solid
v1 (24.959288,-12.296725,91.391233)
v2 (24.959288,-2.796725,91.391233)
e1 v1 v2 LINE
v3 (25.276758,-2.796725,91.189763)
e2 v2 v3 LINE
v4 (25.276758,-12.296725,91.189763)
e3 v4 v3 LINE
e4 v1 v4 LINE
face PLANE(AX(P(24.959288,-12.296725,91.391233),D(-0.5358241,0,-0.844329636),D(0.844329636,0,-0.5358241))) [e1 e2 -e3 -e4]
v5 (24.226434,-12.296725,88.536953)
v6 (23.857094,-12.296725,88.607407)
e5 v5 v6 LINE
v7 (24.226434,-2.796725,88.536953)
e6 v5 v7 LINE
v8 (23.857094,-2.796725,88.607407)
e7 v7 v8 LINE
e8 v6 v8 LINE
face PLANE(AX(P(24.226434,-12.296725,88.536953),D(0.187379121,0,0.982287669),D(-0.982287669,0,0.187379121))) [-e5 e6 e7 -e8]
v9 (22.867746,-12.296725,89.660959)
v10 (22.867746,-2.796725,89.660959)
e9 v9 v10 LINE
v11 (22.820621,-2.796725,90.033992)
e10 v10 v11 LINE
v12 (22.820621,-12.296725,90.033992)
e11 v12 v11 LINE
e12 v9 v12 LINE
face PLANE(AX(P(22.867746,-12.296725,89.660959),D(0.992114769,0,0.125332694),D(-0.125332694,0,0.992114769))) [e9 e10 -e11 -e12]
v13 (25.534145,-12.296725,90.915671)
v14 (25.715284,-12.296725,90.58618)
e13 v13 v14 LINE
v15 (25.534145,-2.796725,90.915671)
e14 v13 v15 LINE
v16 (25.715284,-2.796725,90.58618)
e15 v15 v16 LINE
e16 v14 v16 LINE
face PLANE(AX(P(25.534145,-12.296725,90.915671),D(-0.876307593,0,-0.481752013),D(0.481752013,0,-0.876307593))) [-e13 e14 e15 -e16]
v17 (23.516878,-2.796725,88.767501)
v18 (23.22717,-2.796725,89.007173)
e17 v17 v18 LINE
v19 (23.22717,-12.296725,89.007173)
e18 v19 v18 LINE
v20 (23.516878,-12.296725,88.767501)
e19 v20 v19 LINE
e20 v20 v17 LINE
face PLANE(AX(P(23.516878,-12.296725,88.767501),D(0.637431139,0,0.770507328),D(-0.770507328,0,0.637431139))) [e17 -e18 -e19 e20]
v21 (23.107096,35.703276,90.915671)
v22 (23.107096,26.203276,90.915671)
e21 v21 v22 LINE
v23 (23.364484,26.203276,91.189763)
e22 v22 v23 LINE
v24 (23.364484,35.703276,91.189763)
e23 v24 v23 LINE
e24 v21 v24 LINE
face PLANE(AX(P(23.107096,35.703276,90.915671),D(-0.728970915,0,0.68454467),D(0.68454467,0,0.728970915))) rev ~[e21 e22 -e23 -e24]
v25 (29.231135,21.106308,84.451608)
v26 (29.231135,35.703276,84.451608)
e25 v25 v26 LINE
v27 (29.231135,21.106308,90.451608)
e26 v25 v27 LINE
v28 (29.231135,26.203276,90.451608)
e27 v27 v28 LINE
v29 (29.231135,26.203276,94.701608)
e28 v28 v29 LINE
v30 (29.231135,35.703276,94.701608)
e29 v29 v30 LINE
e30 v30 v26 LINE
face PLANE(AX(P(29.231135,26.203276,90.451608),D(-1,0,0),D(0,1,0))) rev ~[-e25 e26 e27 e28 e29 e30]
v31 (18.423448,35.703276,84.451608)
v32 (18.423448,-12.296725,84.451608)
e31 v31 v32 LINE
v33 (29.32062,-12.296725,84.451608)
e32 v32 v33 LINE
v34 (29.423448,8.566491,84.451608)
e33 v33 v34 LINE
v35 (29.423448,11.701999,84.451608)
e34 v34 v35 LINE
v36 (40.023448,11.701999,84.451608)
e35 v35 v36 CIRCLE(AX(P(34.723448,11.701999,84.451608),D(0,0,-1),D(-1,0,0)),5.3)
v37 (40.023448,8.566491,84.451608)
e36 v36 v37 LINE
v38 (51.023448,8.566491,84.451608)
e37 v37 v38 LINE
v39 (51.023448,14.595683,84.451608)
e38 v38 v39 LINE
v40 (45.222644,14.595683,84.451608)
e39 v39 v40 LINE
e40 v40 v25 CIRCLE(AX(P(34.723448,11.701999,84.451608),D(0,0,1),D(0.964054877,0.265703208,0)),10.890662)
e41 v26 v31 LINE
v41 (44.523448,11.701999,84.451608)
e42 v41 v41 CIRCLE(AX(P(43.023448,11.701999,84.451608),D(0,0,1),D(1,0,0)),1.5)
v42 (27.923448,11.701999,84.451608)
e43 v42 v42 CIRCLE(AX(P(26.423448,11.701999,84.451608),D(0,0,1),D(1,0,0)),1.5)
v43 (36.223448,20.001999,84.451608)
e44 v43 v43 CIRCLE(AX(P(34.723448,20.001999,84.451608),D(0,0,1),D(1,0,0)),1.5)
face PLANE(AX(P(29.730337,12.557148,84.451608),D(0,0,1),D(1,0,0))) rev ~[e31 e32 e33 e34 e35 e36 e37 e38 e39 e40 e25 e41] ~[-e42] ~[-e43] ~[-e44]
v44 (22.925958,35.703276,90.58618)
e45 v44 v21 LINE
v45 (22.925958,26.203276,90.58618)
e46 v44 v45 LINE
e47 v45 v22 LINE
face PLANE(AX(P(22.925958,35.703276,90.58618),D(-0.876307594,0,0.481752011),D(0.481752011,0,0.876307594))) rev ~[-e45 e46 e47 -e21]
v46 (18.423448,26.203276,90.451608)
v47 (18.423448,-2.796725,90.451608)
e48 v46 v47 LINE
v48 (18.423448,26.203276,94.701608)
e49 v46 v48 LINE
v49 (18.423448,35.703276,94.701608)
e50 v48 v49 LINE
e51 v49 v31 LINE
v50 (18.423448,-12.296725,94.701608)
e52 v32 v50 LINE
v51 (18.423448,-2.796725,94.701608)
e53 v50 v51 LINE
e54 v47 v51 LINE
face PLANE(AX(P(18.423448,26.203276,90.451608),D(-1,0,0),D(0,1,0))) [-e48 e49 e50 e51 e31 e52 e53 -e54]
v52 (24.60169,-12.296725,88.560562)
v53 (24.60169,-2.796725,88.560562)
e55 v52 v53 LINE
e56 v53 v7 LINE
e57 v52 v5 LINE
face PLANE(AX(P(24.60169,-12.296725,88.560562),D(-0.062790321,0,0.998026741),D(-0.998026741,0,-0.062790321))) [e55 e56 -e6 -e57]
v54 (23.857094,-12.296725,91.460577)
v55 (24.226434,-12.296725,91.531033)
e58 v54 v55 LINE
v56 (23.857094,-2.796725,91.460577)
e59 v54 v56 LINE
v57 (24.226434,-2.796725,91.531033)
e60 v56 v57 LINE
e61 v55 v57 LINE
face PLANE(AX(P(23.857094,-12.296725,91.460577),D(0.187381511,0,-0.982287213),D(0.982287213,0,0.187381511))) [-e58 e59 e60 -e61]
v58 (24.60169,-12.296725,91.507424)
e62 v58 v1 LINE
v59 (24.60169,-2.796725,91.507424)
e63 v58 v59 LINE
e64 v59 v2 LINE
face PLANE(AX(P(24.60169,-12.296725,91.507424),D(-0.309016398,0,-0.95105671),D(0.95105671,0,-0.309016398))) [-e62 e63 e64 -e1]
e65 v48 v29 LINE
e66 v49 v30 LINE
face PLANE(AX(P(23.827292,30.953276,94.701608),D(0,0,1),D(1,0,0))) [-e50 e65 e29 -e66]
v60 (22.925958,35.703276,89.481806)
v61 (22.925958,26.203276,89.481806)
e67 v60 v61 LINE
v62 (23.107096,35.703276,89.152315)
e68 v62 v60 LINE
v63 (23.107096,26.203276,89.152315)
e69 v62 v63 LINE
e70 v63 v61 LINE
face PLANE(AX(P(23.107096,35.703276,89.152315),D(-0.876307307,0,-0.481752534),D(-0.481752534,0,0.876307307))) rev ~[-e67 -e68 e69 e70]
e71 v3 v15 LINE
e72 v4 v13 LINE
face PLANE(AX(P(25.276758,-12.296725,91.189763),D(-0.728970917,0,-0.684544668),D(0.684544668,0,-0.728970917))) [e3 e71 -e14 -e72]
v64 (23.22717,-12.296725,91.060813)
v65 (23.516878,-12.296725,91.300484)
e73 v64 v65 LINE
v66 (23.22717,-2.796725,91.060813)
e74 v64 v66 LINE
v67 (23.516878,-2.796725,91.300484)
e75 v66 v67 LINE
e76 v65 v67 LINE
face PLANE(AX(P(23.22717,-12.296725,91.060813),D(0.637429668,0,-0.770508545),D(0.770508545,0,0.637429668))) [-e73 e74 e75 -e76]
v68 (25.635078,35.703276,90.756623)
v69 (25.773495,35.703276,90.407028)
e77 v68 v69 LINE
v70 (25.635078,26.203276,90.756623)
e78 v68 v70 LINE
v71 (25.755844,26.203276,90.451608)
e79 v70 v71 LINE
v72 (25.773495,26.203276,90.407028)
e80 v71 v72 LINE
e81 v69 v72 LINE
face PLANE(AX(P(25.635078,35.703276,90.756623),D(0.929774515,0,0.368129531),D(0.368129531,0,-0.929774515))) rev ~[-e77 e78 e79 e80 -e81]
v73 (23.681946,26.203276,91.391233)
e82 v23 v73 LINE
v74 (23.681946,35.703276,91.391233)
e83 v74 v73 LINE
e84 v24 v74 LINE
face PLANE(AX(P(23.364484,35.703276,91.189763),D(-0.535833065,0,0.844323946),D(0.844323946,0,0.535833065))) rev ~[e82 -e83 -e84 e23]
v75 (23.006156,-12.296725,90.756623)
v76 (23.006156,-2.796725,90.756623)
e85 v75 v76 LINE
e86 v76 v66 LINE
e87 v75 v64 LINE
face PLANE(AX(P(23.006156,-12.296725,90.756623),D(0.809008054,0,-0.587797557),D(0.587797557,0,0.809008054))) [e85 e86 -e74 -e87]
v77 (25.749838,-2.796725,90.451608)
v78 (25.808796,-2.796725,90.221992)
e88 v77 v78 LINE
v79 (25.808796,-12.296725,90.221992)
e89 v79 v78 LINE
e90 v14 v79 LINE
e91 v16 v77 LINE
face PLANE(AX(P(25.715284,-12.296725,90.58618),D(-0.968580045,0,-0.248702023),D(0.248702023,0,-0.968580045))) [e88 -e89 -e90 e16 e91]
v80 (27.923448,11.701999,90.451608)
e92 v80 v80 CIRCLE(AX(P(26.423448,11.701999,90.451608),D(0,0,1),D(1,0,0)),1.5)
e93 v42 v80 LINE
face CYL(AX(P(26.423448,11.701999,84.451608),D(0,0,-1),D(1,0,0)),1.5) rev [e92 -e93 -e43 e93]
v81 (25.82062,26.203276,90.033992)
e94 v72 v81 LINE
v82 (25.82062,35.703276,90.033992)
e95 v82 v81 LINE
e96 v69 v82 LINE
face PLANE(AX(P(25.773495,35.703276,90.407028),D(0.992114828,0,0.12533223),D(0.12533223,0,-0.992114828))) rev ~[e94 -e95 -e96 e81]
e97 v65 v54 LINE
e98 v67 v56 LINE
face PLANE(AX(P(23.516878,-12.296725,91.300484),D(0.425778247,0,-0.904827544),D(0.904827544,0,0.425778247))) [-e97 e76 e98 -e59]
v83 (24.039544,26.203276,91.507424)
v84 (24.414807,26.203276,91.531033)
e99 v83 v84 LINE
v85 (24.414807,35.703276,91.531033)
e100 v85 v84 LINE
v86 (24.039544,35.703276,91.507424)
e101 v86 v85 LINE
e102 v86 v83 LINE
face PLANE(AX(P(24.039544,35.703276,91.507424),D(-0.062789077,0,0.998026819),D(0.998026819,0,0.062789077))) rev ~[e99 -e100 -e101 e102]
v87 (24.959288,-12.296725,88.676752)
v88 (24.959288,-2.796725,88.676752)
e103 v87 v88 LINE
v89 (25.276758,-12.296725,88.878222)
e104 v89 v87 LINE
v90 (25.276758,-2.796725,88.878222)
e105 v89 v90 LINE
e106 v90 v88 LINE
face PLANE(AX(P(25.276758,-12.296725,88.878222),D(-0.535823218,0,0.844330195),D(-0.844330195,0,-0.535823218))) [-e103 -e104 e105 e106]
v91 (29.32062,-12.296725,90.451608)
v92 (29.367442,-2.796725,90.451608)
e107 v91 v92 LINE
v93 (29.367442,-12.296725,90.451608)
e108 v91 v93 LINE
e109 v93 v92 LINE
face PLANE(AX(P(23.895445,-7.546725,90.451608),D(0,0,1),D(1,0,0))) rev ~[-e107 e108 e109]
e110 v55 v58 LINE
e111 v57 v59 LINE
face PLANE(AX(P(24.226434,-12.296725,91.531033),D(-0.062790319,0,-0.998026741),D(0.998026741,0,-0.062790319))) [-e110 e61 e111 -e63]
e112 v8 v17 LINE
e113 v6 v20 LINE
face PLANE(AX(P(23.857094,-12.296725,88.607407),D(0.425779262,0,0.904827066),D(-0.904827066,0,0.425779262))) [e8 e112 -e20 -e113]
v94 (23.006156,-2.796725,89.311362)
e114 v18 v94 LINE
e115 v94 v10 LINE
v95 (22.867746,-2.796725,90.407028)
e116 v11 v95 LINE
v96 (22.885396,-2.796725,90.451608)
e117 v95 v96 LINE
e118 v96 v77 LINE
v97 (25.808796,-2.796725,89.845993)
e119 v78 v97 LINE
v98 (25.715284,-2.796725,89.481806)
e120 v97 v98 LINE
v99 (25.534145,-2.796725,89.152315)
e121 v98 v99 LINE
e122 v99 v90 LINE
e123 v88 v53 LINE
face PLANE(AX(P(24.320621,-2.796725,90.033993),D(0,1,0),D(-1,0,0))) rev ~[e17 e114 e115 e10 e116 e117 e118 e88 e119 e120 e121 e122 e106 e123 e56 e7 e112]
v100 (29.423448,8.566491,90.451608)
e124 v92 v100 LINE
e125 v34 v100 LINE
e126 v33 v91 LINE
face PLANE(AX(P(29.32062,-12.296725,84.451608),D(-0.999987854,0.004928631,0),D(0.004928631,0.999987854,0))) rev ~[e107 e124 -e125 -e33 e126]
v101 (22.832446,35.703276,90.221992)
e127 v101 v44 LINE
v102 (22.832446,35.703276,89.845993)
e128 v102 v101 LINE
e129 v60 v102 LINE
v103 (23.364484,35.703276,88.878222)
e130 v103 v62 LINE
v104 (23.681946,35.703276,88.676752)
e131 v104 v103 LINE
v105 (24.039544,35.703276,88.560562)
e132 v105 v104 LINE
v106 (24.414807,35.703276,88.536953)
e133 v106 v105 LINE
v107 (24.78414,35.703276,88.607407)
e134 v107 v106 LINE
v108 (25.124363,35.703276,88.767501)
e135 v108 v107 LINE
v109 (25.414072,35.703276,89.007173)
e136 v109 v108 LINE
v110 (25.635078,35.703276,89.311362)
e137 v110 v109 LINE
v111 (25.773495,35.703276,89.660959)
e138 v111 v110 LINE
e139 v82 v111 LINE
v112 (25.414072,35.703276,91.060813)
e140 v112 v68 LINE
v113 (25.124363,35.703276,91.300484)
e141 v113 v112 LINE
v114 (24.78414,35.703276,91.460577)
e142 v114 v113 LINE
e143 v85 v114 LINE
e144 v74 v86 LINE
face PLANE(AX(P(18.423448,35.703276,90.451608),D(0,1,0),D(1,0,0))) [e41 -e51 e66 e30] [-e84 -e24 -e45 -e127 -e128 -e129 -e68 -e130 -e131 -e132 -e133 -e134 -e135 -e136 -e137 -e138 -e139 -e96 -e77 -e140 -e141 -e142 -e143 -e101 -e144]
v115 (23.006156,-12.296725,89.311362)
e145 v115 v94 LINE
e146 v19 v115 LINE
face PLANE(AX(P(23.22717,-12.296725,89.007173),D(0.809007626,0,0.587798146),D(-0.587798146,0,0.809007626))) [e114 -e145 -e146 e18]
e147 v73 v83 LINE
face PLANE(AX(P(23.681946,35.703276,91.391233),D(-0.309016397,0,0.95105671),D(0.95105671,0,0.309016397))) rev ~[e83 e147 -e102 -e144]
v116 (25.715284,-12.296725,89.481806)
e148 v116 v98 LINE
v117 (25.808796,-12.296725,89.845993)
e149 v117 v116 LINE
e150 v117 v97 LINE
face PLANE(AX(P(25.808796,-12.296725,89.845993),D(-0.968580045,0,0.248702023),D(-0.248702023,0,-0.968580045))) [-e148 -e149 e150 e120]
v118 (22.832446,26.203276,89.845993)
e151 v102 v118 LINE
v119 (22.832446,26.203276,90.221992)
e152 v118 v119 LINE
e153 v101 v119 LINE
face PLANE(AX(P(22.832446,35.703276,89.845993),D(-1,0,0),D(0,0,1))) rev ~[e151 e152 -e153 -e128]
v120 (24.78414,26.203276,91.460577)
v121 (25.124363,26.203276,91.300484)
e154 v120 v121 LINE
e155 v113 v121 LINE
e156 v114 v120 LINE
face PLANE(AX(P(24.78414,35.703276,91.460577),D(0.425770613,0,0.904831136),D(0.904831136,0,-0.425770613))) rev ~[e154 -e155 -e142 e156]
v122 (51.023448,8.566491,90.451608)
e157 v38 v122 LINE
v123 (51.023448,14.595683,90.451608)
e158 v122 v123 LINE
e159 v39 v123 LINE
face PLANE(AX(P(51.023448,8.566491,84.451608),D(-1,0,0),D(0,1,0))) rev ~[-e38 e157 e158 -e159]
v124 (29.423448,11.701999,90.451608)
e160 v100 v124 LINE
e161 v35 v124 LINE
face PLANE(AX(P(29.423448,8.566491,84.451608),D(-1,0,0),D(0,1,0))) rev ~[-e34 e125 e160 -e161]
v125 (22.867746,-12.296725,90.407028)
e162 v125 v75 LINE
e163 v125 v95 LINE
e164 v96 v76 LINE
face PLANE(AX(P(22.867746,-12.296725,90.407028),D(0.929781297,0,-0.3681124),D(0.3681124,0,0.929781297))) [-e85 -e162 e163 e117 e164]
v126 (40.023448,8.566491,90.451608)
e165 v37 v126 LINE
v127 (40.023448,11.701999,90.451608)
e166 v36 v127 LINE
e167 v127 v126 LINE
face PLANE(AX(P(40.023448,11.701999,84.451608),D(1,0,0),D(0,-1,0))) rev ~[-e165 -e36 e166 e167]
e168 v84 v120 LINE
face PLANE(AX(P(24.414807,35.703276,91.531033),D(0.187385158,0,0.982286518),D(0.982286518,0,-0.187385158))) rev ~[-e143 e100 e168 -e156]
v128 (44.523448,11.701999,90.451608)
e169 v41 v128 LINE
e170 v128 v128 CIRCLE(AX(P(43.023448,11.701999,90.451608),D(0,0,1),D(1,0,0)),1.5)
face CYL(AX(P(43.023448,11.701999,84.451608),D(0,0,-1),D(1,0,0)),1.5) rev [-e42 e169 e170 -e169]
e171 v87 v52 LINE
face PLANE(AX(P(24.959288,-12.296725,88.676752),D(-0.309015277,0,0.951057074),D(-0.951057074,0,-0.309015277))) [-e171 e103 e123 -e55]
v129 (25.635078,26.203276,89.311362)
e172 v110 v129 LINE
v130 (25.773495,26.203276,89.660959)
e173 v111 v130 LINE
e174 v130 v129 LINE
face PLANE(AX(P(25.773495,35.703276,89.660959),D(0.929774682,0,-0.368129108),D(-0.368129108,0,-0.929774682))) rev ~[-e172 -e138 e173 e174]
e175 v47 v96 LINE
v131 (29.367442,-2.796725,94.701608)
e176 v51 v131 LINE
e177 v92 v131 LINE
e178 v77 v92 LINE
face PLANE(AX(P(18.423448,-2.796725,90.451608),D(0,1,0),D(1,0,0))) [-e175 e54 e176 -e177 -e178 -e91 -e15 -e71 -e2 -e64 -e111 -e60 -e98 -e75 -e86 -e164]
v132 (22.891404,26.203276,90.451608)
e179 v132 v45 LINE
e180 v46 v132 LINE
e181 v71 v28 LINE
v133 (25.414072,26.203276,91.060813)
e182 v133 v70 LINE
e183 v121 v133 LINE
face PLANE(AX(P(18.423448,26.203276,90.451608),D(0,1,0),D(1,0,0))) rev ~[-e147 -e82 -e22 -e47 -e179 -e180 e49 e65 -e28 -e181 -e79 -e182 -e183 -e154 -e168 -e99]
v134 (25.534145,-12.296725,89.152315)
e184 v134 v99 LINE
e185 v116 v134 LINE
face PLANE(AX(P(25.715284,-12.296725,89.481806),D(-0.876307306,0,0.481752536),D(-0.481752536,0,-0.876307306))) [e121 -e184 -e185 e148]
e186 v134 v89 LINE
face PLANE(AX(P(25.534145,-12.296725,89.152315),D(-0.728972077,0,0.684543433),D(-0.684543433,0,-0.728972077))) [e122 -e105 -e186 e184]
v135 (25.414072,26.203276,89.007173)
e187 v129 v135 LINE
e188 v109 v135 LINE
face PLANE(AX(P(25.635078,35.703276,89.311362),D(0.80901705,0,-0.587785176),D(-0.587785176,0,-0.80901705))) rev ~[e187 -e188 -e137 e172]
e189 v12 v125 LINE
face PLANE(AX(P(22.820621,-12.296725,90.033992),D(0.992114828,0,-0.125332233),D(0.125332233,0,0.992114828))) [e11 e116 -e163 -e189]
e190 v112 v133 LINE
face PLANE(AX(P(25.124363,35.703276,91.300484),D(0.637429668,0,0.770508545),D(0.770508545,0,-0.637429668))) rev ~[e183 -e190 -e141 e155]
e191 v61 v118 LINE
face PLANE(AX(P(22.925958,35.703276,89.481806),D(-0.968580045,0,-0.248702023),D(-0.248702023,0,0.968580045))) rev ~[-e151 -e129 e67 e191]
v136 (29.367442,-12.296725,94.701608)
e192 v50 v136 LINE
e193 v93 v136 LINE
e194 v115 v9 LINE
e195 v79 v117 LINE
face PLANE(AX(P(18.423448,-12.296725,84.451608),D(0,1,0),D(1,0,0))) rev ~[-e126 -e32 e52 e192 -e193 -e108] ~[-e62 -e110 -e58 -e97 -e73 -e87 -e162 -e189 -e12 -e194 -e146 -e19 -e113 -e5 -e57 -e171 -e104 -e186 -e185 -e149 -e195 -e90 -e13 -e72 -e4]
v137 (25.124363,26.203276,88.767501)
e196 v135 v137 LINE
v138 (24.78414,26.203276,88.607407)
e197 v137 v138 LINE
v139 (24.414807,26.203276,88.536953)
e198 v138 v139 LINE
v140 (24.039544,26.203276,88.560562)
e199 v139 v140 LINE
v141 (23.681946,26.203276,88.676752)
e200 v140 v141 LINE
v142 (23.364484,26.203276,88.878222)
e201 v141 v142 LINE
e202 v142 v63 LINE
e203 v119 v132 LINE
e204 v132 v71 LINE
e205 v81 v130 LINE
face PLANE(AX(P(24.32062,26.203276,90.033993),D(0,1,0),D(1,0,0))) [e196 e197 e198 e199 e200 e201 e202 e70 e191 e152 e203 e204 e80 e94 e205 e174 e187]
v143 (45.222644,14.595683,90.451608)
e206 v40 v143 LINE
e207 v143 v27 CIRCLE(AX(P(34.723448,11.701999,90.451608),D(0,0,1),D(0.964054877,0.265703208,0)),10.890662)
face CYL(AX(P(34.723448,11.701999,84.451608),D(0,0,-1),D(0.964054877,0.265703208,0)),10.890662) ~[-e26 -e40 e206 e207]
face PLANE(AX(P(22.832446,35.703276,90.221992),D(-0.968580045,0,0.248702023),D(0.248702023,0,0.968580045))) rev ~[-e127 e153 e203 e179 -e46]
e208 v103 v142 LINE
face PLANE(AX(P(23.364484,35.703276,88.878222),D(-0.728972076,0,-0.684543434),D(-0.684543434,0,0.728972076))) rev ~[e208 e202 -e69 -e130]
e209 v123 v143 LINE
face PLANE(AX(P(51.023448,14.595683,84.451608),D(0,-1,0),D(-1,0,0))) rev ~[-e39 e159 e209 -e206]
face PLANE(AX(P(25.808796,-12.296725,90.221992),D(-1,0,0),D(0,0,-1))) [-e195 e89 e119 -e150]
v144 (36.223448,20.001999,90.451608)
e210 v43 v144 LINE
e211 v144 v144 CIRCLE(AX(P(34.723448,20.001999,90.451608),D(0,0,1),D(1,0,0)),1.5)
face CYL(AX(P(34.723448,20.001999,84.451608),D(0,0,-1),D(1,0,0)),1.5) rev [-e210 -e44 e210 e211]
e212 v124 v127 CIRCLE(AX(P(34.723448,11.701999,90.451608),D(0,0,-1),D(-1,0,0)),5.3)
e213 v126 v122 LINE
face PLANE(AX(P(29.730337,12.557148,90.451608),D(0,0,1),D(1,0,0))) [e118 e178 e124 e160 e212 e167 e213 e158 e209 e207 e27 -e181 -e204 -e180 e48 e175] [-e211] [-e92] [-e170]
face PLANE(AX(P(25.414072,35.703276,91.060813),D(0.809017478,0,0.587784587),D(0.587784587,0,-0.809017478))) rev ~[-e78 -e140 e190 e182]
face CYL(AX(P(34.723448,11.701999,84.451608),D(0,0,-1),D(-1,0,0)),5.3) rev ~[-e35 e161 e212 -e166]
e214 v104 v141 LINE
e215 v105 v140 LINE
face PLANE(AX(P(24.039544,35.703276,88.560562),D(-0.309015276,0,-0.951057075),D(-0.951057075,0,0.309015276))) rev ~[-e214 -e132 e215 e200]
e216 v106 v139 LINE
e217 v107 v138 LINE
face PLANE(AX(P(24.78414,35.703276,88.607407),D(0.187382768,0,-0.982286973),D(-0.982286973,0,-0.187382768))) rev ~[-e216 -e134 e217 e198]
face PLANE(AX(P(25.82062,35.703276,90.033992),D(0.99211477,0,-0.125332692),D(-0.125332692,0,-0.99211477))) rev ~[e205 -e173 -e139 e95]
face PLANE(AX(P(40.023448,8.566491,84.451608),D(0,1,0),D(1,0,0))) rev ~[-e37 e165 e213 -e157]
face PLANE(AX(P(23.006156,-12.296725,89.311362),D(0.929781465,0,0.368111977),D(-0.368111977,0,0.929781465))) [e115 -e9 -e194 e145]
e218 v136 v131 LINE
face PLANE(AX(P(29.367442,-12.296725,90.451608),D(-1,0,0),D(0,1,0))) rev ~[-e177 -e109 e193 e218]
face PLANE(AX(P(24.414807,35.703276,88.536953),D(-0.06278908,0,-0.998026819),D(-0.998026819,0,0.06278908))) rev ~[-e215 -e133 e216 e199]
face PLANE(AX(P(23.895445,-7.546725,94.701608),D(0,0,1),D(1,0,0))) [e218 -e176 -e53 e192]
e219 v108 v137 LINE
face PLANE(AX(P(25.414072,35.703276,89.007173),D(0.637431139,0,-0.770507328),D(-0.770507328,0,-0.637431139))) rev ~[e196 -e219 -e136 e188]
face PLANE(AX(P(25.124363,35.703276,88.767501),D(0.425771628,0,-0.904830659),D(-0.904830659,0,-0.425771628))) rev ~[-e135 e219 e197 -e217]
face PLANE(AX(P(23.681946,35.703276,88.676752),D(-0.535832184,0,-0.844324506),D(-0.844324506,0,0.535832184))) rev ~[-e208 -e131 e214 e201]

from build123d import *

# Parameters (mm, degrees)
SKETCH1_R           = 1.5
BOSS_EXTRUDE1_DEPTH = 6
SKETCH2_W           = 10.807687298
SKETCH2_H           = 9.5
SKETCH2_W_2         = 10.943994224
BOSS_EXTRUDE2_DEPTH = 4.25
CUT_EXTRUDE1_DEPTH  = 9.5
CUT_EXTRUDE2_DEPTH  = 9.5


with BuildPart() as part:
    # Sketch1 → Boss-Extrude1 (new body)
    with BuildSketch(Plane.XY.offset(84.451608182)):
        with BuildLine():
            Line((40.02344809, 11.701998712), (40.02344809, 8.566491131))
            Line((40.02344809, 8.566491131), (47.02344809, 8.566491131))
            Line((47.02344809, 8.566491131), (51.02344809, 8.566491131))
            Line((51.02344809, 8.566491131), (51.02344809, 14.59568261))
            Line((51.02344809, 14.59568261), (45.222644144, 14.59568261))
            ThreePointArc((45.222644144, 14.59568261), (38.830062222, 21.788734788), (29.231135388, 21.10630759))
            Line((29.231135388, 21.10630759), (29.231135388, 35.703275576))
            Line((29.231135388, 35.703275576), (18.42344809, 35.703275576))
            Line((18.42344809, 35.703275576), (18.42344809, 14.59568261))
            Line((18.42344809, 14.59568261), (18.42344809, 8.566491131))
            Line((18.42344809, 8.566491131), (18.42344809, -12.296724841))
            Line((18.42344809, -12.296724841), (29.320619754, -12.296724841))
            Line((29.320619754, -12.296724841), (29.42344809, 8.566491131))
            Line((29.42344809, 8.566491131), (29.42344809, 11.701998712))
            ThreePointArc((29.42344809, 11.701998712), (34.72344809, 17.001998712), (40.02344809, 11.701998712))
        make_face()
        with Locations((43.02344809, 11.701998712)):
            Circle(SKETCH1_R, mode=Mode.SUBTRACT)
        with Locations((26.42344809, 11.701998712)):
            Circle(SKETCH1_R, mode=Mode.SUBTRACT)
        with Locations((34.72344809, 20.001998712)):
            Circle(SKETCH1_R, mode=Mode.SUBTRACT)
    extrude(amount=BOSS_EXTRUDE1_DEPTH)

    # Sketch2 → Boss-Extrude2 (add)
    with BuildSketch(Plane.XY.offset(90.451608182)):
        with Locations((23.827291739, 30.953275576)):
            Rectangle(SKETCH2_W, SKETCH2_H)
        with Locations((23.895445202, -7.546724841)):
            Rectangle(SKETCH2_W_2, SKETCH2_H)
    extrude(amount=BOSS_EXTRUDE2_DEPTH)

    # Sketch3 → Cut-Extrude1 (cut)
    with BuildSketch(Plane(origin=(0, 35.703275576, 0), x_dir=(1, 0, 0), z_dir=(0, 1, 0))):
        Polygon((24.039543919, -91.507423883), (24.414807311, -91.53103291), (24.784140042, -91.460577426), (25.124363355, -91.300484473), (25.414071731, -91.060813265), (25.635078303, -90.756623289), (25.773495189, -90.407027611), (25.820620111, -90.033992408), (25.773495189, -89.660958601), (25.635078303, -89.311362458), (25.414071731, -89.007172948), (25.124363355, -88.767500808), (24.784140042, -88.607407389), (24.414807311, -88.536952836), (24.039543919, -88.560561864), (23.681945852, -88.676751805), (23.364484064, -88.878222024), (23.107096306, -89.152314914), (22.925957791, -89.481805665), (22.832445554, -89.845992839), (22.832445554, -90.221992442), (22.925957791, -90.586179616), (23.107096306, -90.915670833), (23.364484064, -91.189762792), (23.681945852, -91.391233476), align=None)
    extrude(amount=-CUT_EXTRUDE1_DEPTH, mode=Mode.SUBTRACT)

    # Sketch4 → Cut-Extrude2 (cut)
    with BuildSketch(Plane.XZ.offset(12.296724841)):
        Polygon((25.27675753, 88.878222024), (24.959288291, 88.676751805), (24.601690225, 88.560561864), (24.226434282, 88.536952836), (23.857094101, 88.607407389), (23.516878239, 88.767500808), (23.227169863, 89.007172948), (23.00615584, 89.311362458), (22.867746405, 89.660958601), (22.820621482, 90.033992408), (22.867746405, 90.407027611), (23.00615584, 90.756623289), (23.227169863, 91.060813265), (23.516878239, 91.300484473), (23.857094101, 91.460577426), (24.226434282, 91.53103291), (24.601690225, 91.507423883), (24.959288291, 91.391233476), (25.27675753, 91.189762792), (25.534145287, 90.915670833), (25.715283803, 90.586179616), (25.80879604, 90.221992442), (25.80879604, 89.845992839), (25.715283803, 89.481805665), (25.534145287, 89.152314914), align=None)
    extrude(amount=-CUT_EXTRUDE2_DEPTH, mode=Mode.SUBTRACT)


solid = part.part
